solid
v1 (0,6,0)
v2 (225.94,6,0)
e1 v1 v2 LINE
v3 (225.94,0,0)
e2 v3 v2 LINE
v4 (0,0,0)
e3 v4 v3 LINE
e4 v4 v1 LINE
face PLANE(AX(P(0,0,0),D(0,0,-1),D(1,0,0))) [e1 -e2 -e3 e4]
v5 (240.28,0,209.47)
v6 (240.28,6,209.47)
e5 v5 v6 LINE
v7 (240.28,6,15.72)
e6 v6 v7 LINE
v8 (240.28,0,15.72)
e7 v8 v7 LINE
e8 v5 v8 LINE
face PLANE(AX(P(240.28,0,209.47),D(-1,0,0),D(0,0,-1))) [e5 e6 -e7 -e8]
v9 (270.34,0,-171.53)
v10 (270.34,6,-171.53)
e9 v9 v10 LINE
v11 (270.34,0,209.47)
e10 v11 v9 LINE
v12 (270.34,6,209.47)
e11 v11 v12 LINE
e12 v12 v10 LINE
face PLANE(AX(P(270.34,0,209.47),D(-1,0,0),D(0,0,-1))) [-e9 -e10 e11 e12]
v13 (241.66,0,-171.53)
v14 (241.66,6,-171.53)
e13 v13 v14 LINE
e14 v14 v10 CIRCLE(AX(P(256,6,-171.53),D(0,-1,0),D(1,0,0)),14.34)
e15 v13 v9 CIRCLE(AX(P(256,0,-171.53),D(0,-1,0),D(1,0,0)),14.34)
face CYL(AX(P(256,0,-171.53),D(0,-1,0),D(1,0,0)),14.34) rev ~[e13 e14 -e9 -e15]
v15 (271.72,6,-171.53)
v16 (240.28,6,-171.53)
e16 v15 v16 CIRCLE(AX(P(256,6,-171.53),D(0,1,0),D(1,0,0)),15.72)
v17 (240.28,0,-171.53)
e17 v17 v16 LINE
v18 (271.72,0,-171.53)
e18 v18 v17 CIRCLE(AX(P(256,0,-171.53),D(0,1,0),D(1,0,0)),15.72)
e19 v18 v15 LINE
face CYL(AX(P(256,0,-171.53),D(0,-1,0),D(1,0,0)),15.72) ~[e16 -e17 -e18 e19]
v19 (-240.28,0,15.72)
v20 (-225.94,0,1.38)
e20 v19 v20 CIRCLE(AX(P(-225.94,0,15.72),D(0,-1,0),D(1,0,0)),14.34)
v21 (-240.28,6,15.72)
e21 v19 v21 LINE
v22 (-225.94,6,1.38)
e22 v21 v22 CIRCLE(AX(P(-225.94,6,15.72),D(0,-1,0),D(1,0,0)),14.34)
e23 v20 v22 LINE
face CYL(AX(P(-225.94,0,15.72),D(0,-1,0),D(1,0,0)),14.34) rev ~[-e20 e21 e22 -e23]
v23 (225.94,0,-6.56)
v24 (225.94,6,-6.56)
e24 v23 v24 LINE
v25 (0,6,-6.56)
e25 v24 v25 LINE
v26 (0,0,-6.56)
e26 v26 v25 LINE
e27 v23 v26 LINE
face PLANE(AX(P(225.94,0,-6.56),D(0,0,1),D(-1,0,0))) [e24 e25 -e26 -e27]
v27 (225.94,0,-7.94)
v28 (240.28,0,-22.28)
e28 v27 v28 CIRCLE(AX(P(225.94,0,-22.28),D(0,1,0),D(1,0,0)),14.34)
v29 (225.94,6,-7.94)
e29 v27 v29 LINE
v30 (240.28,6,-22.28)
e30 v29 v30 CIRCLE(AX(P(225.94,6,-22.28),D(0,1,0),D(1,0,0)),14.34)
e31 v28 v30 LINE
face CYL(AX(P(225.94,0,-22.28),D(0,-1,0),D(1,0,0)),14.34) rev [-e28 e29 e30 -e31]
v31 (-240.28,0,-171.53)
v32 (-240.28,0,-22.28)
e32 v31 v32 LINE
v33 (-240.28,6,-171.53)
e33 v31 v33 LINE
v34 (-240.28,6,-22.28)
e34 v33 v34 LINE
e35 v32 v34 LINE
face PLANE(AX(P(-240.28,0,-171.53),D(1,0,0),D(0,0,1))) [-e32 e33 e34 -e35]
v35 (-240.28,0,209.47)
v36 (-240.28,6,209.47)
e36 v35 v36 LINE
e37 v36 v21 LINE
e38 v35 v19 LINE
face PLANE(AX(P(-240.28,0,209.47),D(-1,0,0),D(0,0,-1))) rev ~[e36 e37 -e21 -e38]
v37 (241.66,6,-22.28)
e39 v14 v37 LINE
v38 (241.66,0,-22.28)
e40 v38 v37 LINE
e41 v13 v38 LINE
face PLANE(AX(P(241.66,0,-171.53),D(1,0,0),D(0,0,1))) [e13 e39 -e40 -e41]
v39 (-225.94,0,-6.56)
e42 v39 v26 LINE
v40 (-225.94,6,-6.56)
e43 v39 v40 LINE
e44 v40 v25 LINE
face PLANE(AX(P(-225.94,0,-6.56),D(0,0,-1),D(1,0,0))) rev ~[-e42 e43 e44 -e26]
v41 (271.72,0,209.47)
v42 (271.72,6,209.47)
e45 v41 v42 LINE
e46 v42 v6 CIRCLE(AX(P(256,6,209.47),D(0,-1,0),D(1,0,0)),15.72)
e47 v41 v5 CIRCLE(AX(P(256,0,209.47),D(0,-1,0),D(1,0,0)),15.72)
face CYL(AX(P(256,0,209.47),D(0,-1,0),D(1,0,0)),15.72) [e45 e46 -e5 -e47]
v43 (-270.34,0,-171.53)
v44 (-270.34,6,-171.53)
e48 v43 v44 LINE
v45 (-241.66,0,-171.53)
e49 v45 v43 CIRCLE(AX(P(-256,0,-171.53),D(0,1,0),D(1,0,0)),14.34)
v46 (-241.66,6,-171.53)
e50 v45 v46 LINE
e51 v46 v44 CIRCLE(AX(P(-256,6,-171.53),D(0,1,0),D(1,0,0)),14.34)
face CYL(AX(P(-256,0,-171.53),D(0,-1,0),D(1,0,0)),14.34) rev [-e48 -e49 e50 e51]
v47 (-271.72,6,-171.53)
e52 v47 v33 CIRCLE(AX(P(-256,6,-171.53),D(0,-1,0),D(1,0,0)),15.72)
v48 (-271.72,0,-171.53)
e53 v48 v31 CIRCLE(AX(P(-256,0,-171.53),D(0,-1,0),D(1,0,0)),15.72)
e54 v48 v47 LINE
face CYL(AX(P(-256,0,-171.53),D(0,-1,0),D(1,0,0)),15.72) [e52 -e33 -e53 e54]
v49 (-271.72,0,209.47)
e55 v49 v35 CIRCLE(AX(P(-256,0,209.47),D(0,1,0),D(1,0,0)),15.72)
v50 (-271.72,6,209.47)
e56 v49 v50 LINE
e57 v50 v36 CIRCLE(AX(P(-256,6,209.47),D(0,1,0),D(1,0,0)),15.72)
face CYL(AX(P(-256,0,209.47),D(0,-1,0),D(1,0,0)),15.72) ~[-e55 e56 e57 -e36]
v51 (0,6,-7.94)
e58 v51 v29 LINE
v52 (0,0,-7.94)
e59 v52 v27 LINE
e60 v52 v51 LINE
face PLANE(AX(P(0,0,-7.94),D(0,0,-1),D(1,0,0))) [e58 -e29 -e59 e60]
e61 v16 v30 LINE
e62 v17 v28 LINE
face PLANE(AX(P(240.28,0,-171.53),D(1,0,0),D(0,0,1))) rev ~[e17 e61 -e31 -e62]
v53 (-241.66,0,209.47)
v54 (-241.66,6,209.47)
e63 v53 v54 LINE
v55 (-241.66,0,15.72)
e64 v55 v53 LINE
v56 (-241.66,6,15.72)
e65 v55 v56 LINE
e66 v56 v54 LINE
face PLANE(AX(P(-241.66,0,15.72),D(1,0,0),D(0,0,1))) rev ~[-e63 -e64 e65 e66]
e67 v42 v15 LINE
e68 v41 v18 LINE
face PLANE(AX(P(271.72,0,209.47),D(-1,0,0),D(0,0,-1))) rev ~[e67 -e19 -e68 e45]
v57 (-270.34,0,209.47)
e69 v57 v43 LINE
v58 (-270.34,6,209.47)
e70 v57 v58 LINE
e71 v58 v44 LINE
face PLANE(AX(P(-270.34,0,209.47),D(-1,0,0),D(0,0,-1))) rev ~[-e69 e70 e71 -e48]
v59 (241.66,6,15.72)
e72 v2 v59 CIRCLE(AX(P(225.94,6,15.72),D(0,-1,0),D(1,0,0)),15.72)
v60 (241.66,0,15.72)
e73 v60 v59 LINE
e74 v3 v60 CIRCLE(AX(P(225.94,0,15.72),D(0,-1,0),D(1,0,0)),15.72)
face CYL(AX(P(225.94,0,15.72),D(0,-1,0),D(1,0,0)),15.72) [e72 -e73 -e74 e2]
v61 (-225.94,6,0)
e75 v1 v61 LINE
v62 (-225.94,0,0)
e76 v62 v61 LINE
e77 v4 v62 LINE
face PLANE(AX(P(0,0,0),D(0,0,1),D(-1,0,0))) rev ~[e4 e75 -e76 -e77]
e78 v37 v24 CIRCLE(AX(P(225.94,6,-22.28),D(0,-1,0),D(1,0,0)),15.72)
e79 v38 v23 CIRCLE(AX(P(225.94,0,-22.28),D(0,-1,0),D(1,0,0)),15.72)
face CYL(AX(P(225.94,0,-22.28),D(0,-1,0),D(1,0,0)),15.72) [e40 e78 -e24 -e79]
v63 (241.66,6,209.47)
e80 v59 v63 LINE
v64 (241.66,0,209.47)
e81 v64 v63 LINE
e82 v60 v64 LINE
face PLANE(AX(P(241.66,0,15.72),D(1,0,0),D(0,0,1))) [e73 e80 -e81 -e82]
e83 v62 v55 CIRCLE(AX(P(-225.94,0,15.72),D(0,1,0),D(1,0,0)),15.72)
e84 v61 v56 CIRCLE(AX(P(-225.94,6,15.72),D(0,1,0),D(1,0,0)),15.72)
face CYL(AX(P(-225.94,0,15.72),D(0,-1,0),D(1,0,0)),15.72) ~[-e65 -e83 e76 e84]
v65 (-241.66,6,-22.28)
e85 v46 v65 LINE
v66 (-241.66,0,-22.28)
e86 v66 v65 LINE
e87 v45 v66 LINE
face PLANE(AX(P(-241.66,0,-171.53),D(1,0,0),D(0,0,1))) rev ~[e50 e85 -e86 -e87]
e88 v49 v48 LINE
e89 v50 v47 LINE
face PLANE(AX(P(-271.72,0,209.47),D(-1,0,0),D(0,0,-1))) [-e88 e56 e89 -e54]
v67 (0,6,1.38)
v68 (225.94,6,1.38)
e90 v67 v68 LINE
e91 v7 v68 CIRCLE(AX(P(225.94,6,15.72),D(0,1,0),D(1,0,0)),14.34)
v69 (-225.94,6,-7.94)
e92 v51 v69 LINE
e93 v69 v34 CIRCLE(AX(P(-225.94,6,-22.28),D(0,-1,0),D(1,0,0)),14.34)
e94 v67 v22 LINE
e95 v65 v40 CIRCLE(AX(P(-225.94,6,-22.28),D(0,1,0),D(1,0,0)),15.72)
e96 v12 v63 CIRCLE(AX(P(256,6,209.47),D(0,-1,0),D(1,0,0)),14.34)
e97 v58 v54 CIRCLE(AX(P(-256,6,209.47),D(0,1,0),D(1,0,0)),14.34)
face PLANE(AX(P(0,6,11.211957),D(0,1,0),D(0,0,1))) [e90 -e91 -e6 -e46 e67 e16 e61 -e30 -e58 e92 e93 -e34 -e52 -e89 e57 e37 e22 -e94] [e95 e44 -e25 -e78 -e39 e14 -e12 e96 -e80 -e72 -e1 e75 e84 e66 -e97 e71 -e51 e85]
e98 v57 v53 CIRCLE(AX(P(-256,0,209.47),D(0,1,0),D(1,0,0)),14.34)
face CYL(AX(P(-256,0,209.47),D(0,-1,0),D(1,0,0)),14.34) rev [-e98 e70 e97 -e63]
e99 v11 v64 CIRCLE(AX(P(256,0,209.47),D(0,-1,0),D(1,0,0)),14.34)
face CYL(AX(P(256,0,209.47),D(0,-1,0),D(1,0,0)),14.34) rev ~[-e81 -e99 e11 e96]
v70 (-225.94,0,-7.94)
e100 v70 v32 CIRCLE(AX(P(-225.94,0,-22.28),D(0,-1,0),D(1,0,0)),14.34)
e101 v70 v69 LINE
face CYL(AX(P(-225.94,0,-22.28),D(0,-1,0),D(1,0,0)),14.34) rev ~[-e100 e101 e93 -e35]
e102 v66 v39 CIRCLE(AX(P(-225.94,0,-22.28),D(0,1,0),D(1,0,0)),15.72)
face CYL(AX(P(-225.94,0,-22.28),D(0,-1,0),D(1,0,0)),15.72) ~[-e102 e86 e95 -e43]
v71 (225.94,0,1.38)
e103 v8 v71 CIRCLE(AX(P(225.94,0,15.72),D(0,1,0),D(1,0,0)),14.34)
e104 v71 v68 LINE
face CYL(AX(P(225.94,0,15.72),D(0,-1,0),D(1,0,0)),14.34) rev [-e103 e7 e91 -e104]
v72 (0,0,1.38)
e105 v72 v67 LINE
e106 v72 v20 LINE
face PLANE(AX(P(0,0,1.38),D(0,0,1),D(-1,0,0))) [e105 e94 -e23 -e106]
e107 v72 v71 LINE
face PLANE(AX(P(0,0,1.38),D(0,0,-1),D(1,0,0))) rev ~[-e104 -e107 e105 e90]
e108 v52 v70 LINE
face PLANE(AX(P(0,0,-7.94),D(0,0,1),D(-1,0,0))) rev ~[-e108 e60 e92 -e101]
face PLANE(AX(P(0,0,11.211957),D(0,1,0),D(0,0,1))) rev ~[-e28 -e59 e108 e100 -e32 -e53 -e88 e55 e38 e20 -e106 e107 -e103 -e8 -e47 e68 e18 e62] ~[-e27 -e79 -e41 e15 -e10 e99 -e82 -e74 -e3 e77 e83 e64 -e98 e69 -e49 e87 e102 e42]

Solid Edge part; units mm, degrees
sketch "Sketch1" plane through (0, 0, 0) normal (0, -1, 0) x (1, 0, 0)
  line L0 (-241.66, 15.72) -> (-241.66, 209.47)
  arc A0 (-270.34, 209.47) -> (-241.66, 209.47) centre (-256, 209.47) cw
  line L1 (-270.34, 209.47) -> (-270.34, -171.53)
  arc A1 (-241.66, -171.53) -> (-270.34, -171.53) centre (-256, -171.53) cw
  line L2 (-241.66, -171.53) -> (-241.66, -22.28)
  arc A2 (-241.66, -22.28) -> (-225.94, -6.56) centre (-225.94, -22.28) cw
  line L3 (-225.94, -6.56) -> (0, -6.56)
  line L4 (225.94, -6.56) -> (0, -6.56)
  arc A3 (241.66, -22.28) -> (225.94, -6.56) centre (225.94, -22.28) ccw
  line L5 (241.66, -171.53) -> (241.66, -22.28)
  arc A4 (241.66, -171.53) -> (270.34, -171.53) centre (256, -171.53) ccw
  line L6 (270.34, 209.47) -> (270.34, -171.53)
  arc A5 (270.34, 209.47) -> (241.66, 209.47) centre (256, 209.47) ccw
  line L7 (241.66, 15.72) -> (241.66, 209.47)
  arc A6 (225.94, 0) -> (241.66, 15.72) centre (225.94, 15.72) ccw
  line L8 (0, 0) -> (225.94, 0)
  line L9 (0, 0) -> (-225.94, 0)
  arc A7 (-225.94, 0) -> (-241.66, 15.72) centre (-225.94, 15.72) cw
  line L10 (0, -7.94) -> (-225.94, -7.94)
  arc A8 (-225.94, -7.94) -> (-240.28, -22.28) centre (-225.94, -22.28) ccw
  line L11 (-240.28, -171.53) -> (-240.28, -22.28)
  arc A9 (-271.72, -171.53) -> (-240.28, -171.53) centre (-256, -171.53) ccw
  line L12 (-271.72, 209.47) -> (-271.72, -171.53)
  arc A10 (-271.72, 209.47) -> (-240.28, 209.47) centre (-256, 209.47) cw
  line L13 (-240.28, 209.47) -> (-240.28, 15.72)
  arc A11 (-240.28, 15.72) -> (-225.94, 1.38) centre (-225.94, 15.72) ccw
  line L14 (0, 1.38) -> (-225.94, 1.38)
  line L15 (0, 1.38) -> (225.94, 1.38)
  arc A12 (240.28, 15.72) -> (225.94, 1.38) centre (225.94, 15.72) cw
  line L16 (240.28, 209.47) -> (240.28, 15.72)
  arc A13 (271.72, 209.47) -> (240.28, 209.47) centre (256, 209.47) ccw
  line L17 (271.72, 209.47) -> (271.72, -171.53)
  arc A14 (271.72, -171.53) -> (240.28, -171.53) centre (256, -171.53) cw
  line L18 (240.28, -171.53) -> (240.28, -22.28)
  arc A15 (225.94, -7.94) -> (240.28, -22.28) centre (225.94, -22.28) cw
  line L19 (0, -7.94) -> (225.94, -7.94)
  dimension "D1" = 14.34
  dimension "D2" = 381
  dimension "D3" = 1.38
  dimension "D4" = 1.38
  dimension "D5" = 14.34
  dimension "D6" = 1.38
  dimension "D7" = 1.38
  dimension "D8" = 1.38
  dimension "D9" = 14.34
  dimension "D10" = 225.94
  dimension "D11" = 193.75
  dimension "D12" = 149.25
extrude "Protrusion1" add sketch "Sketch1" against normal blind 6
